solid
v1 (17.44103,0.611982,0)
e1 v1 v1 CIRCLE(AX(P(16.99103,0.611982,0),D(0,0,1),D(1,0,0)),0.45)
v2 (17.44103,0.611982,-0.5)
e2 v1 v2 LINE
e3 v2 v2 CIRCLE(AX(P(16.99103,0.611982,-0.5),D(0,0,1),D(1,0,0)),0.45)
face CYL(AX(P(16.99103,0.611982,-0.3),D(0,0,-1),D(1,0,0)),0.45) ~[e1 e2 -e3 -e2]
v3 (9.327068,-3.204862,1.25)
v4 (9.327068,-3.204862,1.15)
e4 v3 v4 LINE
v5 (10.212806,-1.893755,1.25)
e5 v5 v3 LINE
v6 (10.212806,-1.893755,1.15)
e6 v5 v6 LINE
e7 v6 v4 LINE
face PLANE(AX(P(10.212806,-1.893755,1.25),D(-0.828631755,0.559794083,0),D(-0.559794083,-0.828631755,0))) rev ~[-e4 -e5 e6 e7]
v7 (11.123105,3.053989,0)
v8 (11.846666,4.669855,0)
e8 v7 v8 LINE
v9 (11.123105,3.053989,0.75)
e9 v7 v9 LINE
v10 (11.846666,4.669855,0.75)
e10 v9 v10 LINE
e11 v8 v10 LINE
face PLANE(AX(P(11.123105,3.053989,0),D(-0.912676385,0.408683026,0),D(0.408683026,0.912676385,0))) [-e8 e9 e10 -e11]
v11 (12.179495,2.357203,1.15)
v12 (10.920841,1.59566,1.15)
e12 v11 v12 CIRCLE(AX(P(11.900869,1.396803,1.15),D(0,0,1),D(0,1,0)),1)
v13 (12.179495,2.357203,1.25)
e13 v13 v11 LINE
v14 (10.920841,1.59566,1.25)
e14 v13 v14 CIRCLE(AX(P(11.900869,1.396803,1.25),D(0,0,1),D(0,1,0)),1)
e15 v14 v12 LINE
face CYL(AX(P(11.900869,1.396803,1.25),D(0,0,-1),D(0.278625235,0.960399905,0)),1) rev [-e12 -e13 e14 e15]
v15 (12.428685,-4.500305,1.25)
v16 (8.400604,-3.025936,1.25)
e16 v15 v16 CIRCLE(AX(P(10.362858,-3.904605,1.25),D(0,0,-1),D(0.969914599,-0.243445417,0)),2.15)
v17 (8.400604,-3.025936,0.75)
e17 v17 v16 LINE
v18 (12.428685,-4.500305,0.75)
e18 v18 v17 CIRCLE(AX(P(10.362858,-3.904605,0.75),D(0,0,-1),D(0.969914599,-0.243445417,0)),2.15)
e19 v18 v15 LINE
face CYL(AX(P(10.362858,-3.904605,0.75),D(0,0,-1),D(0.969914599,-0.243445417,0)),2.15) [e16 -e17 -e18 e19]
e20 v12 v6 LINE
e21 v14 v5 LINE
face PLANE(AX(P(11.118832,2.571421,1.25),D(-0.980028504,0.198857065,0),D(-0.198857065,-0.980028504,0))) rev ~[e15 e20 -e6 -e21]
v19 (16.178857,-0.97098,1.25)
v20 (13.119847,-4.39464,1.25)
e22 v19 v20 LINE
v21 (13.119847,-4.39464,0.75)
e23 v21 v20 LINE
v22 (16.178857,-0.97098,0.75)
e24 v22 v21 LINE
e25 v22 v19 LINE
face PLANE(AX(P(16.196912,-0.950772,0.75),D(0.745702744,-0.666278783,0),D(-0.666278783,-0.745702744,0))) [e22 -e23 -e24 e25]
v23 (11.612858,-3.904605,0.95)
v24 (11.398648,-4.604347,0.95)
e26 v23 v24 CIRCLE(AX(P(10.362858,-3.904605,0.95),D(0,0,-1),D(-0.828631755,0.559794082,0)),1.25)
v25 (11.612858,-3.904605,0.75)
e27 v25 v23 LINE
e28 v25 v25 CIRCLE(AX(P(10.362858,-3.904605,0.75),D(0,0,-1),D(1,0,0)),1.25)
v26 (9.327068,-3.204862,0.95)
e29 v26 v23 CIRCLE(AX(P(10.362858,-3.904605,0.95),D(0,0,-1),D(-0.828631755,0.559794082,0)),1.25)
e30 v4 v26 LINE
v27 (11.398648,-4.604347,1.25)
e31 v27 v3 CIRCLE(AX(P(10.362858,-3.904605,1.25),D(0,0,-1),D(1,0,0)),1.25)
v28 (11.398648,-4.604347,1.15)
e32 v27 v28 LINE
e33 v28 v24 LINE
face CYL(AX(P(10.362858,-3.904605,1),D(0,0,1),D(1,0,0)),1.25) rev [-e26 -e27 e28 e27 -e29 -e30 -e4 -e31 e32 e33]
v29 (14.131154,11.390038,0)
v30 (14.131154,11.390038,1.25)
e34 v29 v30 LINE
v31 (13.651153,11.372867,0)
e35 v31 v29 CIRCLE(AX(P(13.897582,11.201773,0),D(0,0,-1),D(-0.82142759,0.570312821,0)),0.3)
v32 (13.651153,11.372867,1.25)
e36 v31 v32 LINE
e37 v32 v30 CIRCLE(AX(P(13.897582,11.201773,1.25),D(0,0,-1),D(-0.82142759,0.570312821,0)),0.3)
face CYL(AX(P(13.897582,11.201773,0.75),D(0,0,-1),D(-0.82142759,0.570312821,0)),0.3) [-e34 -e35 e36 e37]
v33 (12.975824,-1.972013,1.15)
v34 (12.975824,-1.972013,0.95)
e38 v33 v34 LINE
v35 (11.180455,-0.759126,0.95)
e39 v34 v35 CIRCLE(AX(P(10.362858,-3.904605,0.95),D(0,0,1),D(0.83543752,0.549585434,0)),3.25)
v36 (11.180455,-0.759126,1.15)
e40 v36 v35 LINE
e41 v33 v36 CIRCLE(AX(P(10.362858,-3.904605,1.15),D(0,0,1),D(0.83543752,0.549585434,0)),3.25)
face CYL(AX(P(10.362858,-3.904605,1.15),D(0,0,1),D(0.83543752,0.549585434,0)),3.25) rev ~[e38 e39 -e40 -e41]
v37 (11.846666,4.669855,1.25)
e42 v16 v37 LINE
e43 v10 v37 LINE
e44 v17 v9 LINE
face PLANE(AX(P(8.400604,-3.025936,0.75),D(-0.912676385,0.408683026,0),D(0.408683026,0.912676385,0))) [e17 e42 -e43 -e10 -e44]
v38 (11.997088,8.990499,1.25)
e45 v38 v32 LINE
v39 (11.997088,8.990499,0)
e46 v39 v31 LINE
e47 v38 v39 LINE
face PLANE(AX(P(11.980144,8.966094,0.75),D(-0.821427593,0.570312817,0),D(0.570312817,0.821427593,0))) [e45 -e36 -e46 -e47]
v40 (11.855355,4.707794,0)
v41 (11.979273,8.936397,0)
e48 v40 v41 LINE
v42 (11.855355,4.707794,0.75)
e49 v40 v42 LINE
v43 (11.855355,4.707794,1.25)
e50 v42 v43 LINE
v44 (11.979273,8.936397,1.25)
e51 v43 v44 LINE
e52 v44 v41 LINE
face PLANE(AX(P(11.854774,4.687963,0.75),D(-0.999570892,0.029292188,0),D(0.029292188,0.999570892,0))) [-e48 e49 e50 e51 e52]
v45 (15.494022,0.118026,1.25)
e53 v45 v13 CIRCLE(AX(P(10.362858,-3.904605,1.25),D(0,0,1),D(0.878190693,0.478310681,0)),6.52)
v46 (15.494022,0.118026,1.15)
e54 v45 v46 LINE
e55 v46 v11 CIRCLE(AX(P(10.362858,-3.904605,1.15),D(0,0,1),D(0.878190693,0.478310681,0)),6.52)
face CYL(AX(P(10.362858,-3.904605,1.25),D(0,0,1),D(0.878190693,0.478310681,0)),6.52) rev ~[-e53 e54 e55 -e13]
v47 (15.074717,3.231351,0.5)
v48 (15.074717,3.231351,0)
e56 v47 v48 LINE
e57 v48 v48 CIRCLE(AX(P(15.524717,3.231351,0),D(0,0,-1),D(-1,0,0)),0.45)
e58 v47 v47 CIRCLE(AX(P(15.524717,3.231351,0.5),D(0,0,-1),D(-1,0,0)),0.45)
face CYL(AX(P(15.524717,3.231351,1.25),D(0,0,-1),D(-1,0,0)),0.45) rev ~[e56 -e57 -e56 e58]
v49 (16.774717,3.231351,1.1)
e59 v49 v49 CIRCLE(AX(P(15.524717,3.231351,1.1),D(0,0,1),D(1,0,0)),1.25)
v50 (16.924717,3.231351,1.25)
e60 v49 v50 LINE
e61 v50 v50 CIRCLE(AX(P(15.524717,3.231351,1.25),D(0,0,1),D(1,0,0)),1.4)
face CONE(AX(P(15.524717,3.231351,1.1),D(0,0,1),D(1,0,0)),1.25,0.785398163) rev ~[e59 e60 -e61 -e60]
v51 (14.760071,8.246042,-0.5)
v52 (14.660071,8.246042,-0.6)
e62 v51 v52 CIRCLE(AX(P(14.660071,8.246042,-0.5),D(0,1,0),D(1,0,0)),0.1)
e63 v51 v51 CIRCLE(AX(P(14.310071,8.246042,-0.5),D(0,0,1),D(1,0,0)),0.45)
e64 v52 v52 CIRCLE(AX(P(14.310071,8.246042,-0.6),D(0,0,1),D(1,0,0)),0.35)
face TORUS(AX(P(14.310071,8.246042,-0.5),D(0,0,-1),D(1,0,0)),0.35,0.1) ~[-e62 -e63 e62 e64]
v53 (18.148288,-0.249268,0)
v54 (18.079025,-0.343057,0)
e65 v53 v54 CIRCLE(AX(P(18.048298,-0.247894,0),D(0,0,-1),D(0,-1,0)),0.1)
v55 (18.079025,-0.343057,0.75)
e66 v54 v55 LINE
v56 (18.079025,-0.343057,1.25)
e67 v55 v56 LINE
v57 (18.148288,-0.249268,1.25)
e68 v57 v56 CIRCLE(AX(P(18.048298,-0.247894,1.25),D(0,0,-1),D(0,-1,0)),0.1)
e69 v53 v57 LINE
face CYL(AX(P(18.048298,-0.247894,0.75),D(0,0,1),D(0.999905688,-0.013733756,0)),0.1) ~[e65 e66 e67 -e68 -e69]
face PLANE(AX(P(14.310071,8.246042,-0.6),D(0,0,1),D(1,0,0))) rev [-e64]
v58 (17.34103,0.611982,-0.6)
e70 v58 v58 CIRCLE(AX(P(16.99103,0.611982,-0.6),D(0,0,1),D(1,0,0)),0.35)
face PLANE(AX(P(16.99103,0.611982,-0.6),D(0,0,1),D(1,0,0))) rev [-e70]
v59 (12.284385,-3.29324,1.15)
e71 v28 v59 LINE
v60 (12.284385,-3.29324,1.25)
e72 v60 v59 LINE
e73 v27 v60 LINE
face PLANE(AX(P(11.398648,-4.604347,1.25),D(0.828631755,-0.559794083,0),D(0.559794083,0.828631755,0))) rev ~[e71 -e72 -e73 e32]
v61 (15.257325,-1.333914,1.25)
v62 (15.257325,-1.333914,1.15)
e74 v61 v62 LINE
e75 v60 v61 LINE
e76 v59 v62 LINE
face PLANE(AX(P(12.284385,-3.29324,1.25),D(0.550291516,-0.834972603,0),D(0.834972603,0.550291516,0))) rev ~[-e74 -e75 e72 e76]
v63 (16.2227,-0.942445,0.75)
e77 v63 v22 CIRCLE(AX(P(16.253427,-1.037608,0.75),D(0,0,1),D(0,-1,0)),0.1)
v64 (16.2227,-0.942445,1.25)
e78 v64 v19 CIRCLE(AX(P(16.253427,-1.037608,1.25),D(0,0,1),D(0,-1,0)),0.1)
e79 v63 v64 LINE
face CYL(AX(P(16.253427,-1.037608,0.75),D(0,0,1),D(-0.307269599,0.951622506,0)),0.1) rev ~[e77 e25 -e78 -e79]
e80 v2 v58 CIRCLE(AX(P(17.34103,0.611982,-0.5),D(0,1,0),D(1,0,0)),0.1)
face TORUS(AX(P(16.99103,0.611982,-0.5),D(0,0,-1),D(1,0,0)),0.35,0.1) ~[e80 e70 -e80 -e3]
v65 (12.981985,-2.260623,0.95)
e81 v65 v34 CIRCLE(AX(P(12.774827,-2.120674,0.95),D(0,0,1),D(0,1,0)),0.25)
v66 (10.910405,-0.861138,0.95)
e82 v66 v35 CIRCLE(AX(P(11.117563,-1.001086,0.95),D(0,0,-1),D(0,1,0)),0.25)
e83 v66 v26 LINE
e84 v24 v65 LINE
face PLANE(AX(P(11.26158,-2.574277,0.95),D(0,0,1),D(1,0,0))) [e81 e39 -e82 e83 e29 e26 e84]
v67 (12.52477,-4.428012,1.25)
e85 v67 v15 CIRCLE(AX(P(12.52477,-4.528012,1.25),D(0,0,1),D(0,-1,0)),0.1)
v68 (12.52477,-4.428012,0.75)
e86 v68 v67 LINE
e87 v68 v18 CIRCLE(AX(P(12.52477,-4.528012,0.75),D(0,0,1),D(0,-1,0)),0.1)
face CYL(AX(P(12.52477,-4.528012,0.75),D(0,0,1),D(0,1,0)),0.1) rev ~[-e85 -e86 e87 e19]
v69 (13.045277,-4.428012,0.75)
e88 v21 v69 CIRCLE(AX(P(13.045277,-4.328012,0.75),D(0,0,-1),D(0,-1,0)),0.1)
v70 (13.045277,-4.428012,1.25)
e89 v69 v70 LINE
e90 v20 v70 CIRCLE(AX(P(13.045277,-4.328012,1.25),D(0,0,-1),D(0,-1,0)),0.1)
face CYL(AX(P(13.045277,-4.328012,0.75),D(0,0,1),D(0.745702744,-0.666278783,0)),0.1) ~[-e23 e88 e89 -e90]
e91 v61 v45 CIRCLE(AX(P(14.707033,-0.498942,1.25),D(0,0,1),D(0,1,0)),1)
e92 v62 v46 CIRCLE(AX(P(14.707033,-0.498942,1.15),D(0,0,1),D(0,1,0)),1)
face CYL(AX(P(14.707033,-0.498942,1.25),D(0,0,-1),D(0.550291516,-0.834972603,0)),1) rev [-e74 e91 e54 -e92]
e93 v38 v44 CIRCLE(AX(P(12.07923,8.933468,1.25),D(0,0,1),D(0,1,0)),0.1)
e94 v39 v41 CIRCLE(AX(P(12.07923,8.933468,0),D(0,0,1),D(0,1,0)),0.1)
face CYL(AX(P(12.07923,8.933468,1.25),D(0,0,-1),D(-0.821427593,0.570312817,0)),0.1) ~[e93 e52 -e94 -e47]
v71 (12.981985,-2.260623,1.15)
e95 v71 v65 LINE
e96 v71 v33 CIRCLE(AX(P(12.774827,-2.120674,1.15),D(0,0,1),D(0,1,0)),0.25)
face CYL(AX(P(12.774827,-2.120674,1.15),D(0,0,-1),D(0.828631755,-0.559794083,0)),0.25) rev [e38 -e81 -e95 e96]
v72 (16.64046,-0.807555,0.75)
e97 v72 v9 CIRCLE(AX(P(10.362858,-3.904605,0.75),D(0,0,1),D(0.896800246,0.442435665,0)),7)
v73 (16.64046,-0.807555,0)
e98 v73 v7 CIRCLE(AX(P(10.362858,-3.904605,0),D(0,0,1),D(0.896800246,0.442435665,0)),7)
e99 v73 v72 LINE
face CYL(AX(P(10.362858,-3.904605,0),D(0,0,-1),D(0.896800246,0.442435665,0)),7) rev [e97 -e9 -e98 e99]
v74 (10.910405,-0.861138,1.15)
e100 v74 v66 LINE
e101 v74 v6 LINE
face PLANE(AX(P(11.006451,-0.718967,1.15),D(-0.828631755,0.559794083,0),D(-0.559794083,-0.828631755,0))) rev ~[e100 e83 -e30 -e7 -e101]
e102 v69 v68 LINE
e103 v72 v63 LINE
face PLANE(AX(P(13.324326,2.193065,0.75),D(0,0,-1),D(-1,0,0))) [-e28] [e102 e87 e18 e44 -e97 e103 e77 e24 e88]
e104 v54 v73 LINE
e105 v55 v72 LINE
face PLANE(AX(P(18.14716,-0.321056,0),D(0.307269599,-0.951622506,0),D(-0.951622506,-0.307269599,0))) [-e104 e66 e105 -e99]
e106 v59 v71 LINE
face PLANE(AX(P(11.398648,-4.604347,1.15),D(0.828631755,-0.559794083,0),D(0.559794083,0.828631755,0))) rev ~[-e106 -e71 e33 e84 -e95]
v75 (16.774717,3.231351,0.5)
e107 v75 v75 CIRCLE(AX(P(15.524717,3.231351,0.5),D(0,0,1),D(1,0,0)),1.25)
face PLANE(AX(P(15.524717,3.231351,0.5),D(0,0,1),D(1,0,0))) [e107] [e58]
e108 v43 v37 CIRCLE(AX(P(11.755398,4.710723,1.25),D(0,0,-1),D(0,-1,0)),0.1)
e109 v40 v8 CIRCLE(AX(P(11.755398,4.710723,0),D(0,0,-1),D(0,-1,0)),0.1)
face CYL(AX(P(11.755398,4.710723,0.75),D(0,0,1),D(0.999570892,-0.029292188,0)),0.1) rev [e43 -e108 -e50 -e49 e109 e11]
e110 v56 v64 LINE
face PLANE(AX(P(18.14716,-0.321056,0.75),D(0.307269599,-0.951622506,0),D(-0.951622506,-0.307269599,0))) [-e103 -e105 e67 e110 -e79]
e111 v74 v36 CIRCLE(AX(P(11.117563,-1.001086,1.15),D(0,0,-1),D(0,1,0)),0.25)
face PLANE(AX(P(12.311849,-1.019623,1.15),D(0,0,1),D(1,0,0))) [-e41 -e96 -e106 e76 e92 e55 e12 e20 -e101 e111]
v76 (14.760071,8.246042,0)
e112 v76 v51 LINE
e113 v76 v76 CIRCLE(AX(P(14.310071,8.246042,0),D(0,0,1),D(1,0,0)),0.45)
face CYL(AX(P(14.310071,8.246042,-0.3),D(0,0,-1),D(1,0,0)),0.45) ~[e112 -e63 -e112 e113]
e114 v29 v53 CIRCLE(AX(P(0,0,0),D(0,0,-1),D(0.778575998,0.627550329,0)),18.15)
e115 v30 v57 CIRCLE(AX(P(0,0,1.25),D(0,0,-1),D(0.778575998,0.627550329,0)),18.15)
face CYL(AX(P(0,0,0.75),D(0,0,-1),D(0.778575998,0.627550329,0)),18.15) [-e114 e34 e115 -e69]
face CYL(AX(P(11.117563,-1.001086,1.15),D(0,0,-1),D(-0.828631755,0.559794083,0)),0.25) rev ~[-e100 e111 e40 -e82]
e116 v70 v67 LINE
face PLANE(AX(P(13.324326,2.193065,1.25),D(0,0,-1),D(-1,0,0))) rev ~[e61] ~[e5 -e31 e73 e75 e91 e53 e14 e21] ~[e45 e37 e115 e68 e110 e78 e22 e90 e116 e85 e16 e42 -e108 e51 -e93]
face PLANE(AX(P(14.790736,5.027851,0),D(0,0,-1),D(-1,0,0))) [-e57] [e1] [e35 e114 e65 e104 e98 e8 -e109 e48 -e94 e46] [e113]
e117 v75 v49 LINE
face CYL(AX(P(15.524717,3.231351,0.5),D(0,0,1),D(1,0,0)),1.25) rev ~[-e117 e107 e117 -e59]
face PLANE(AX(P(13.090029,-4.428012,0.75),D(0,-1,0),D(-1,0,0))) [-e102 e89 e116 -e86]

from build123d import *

# Parameters (mm, degrees)
BOSS_EXTRUDE1_DEPTH = 0.75
BOSS_EXTRUDE2_DEPTH = 0.5
CUT_EXTRUDE1_DEPTH  = 0.1
CUT_EXTRUDE2_DEPTH  = 0.2
SKETCH5_W           = 0.45
SKETCH5_H           = 0.6
SKETCH6_W           = 0.45
SKETCH6_H           = 0.6
SKETCH7_W           = 1.25
SKETCH7_H           = 0.5
HOLE1_D             = 0.9
HOLE1_DEPTH         = 1.85
HOLE1_CBORE_D       = 2.5
HOLE1_CBORE_DEPTH   = 0.75
FILLET1_R           = 0.1
CHAMFER1_SIZE       = 0.15
FILLET2_R           = 0.25
FILLET3_R           = 1


with BuildPart() as part:
    # Sketch1 → Boss-Extrude1 (new body)
    with BuildSketch(Plane(origin=(0, 0, 0), x_dir=(-1, 0, 0), z_dir=(0, 0, -1))):
        with BuildLine():
            Line((-18.147160188, -0.321056231), (-16.640459832, -0.807555039))
            ThreePointArc((-16.640459832, -0.807555039), (-14.376672703, 1.830313994), (-11.123104682, 3.053988922))
            Line((-11.123104682, 3.053988922), (-11.854774008, 4.687962623))
            Line((-11.854774008, 4.687962623), (-11.980143643, 8.966094329))
            Line((-11.980143643, 8.966094329), (-13.651153285, 11.372867219))
            ThreePointArc((-13.651153285, 11.372867219), (-13.886856414, 11.501581597), (-14.131154362, 11.390038472))
            ThreePointArc((-14.131154362, 11.390038472), (-17.168571063, 5.887500969), (-18.147160188, -0.321056231))
        make_face()
    extrude(amount=-BOSS_EXTRUDE1_DEPTH)

    # Sketch2 → Boss-Extrude2 (add)
    with BuildSketch(Plane.XY.offset(0.75)):
        with BuildLine():
            Line((18.147160188, -0.321056231), (16.196912485, -0.950772139))
            Line((16.196912485, -0.950772139), (13.090029226, -4.428012343))
            Line((13.090029226, -4.428012343), (12.448174494, -4.428012343))
            ThreePointArc((12.448174494, -4.428012343), (9.659124877, -5.936170482), (8.400603878, -3.02593619))
            Line((8.400603878, -3.02593619), (11.854774008, 4.687962623))
            Line((11.854774008, 4.687962623), (11.980143643, 8.966094329))
            Line((11.980143643, 8.966094329), (13.651153285, 11.372867219))
            ThreePointArc((13.651153285, 11.372867219), (13.886856414, 11.501581597), (14.131154362, 11.390038472))
            ThreePointArc((14.131154362, 11.390038472), (17.168571063, 5.887500969), (18.147160188, -0.321056231))
        make_face()
    extrude(amount=BOSS_EXTRUDE2_DEPTH)

    # Sketch3 → Cut-Extrude1 (cut)
    with BuildSketch(Plane.XY.offset(1.25)):
        with BuildLine():
            Line((11.118831997, 2.571420588), (10.212805559, -1.893755119))
            Line((10.212805559, -1.893755119), (9.327068413, -3.204862093))
            ThreePointArc((9.327068413, -3.204862093), (11.06260071, -2.868815002), (11.3986478, -4.604347299))
            Line((11.3986478, -4.604347299), (12.284384946, -3.293240325))
            Line((12.284384946, -3.293240325), (16.088661421, -0.786019055))
            ThreePointArc((16.088661421, -0.786019055), (14.012715525, 1.498074346), (11.118831997, 2.571420588))
        make_face()
    extrude(amount=-CUT_EXTRUDE1_DEPTH, mode=Mode.SUBTRACT)

    # Sketch4 → Cut-Extrude2 (cut)
    with BuildSketch(Plane.XY.offset(1.15)):
        with BuildLine():
            Line((11.006450661, -0.718966828), (9.327068413, -3.204862093))
            ThreePointArc((9.327068413, -3.204862093), (11.06260071, -2.868815002), (11.3986478, -4.604347299))
            Line((11.3986478, -4.604347299), (13.078030048, -2.118452035))
            ThreePointArc((13.078030048, -2.118452035), (12.182188875, -1.211551493), (11.006450661, -0.718966828))
        make_face()
    extrude(amount=-CUT_EXTRUDE2_DEPTH, mode=Mode.SUBTRACT)

    # Sketch5 → Revolve1 (revolve)
    with BuildSketch(Plane(origin=(0, 0.611982068, 0), x_dir=(1, 0, 0), z_dir=(0, 1, 0))):
        with Locations((17.216029708, 0.3)):
            Rectangle(SKETCH5_W, SKETCH5_H)
    revolve(axis=Axis((16.991029708, 0.611982068, -0.6), (0, 0, 1)))

    # Sketch6 → Revolve2 (revolve)
    with BuildSketch(Plane(origin=(0, 8.246041644, 0), x_dir=(1, 0, 0), z_dir=(0, 1, 0))):
        with Locations((14.535071469, 0.3)):
            Rectangle(SKETCH6_W, SKETCH6_H)
    revolve(axis=Axis((14.310071469, 8.246041644, -0.6), (0, 0, 1)))

    # Sketch7 → Cut-Revolve1 (revolve, cut)
    with BuildSketch(Plane.XZ.offset(3.904604696)):
        with Locations((10.987858107, 1)):
            Rectangle(SKETCH7_W, SKETCH7_H)
    revolve(axis=Axis((10.362858107, -3.904604696, 1.25), (0, 0, -1)), mode=Mode.SUBTRACT)

    # Hole1
    with Locations(Plane.XY.offset(1.25)):
        with Locations((15.524716589, 3.231351436)):
            CounterBoreHole(HOLE1_D / 2, HOLE1_CBORE_D / 2, HOLE1_CBORE_DEPTH, depth=HOLE1_DEPTH)

    # Fillet1
    fillet1_edges = [part.edges().sort_by_distance(p)[0] for p in [
        (13.860071469, 8.246041644, -0.6),
        (11.854774008, 4.687962623, 0.625),
        (12.448174494, -4.428012343, 1),
        (16.541029708, 0.611982068, -0.6),
        (11.980143643, 8.966094329, 0.625),
        (13.090029226, -4.428012343, 1),
        (18.147160188, -0.321056231, 0.625),
        (16.196912485, -0.950772139, 1),
    ]]
    fillet(fillet1_edges, radius=FILLET1_R)

    # Chamfer1
    chamfer1_edges = [part.edges().sort_by_distance(p)[0] for p in [
        (14.274716589, 3.231351436, 1.25),
    ]]
    chamfer(chamfer1_edges, length=CHAMFER1_SIZE)

    # Fillet2
    fillet2_edges = [part.edges().sort_by_distance(p)[0] for p in [
        (13.078030048, -2.118452035, 1.05),
        (11.006450661, -0.718966828, 1.05),
    ]]
    fillet(fillet2_edges, radius=FILLET2_R)

    # Fillet3
    fillet3_edges = [part.edges().sort_by_distance(p)[0] for p in [
        (11.118831997, 2.571420588, 1.2),
        (16.088661421, -0.786019055, 1.2),
    ]]
    fillet(fillet3_edges, radius=FILLET3_R)


solid = part.part
